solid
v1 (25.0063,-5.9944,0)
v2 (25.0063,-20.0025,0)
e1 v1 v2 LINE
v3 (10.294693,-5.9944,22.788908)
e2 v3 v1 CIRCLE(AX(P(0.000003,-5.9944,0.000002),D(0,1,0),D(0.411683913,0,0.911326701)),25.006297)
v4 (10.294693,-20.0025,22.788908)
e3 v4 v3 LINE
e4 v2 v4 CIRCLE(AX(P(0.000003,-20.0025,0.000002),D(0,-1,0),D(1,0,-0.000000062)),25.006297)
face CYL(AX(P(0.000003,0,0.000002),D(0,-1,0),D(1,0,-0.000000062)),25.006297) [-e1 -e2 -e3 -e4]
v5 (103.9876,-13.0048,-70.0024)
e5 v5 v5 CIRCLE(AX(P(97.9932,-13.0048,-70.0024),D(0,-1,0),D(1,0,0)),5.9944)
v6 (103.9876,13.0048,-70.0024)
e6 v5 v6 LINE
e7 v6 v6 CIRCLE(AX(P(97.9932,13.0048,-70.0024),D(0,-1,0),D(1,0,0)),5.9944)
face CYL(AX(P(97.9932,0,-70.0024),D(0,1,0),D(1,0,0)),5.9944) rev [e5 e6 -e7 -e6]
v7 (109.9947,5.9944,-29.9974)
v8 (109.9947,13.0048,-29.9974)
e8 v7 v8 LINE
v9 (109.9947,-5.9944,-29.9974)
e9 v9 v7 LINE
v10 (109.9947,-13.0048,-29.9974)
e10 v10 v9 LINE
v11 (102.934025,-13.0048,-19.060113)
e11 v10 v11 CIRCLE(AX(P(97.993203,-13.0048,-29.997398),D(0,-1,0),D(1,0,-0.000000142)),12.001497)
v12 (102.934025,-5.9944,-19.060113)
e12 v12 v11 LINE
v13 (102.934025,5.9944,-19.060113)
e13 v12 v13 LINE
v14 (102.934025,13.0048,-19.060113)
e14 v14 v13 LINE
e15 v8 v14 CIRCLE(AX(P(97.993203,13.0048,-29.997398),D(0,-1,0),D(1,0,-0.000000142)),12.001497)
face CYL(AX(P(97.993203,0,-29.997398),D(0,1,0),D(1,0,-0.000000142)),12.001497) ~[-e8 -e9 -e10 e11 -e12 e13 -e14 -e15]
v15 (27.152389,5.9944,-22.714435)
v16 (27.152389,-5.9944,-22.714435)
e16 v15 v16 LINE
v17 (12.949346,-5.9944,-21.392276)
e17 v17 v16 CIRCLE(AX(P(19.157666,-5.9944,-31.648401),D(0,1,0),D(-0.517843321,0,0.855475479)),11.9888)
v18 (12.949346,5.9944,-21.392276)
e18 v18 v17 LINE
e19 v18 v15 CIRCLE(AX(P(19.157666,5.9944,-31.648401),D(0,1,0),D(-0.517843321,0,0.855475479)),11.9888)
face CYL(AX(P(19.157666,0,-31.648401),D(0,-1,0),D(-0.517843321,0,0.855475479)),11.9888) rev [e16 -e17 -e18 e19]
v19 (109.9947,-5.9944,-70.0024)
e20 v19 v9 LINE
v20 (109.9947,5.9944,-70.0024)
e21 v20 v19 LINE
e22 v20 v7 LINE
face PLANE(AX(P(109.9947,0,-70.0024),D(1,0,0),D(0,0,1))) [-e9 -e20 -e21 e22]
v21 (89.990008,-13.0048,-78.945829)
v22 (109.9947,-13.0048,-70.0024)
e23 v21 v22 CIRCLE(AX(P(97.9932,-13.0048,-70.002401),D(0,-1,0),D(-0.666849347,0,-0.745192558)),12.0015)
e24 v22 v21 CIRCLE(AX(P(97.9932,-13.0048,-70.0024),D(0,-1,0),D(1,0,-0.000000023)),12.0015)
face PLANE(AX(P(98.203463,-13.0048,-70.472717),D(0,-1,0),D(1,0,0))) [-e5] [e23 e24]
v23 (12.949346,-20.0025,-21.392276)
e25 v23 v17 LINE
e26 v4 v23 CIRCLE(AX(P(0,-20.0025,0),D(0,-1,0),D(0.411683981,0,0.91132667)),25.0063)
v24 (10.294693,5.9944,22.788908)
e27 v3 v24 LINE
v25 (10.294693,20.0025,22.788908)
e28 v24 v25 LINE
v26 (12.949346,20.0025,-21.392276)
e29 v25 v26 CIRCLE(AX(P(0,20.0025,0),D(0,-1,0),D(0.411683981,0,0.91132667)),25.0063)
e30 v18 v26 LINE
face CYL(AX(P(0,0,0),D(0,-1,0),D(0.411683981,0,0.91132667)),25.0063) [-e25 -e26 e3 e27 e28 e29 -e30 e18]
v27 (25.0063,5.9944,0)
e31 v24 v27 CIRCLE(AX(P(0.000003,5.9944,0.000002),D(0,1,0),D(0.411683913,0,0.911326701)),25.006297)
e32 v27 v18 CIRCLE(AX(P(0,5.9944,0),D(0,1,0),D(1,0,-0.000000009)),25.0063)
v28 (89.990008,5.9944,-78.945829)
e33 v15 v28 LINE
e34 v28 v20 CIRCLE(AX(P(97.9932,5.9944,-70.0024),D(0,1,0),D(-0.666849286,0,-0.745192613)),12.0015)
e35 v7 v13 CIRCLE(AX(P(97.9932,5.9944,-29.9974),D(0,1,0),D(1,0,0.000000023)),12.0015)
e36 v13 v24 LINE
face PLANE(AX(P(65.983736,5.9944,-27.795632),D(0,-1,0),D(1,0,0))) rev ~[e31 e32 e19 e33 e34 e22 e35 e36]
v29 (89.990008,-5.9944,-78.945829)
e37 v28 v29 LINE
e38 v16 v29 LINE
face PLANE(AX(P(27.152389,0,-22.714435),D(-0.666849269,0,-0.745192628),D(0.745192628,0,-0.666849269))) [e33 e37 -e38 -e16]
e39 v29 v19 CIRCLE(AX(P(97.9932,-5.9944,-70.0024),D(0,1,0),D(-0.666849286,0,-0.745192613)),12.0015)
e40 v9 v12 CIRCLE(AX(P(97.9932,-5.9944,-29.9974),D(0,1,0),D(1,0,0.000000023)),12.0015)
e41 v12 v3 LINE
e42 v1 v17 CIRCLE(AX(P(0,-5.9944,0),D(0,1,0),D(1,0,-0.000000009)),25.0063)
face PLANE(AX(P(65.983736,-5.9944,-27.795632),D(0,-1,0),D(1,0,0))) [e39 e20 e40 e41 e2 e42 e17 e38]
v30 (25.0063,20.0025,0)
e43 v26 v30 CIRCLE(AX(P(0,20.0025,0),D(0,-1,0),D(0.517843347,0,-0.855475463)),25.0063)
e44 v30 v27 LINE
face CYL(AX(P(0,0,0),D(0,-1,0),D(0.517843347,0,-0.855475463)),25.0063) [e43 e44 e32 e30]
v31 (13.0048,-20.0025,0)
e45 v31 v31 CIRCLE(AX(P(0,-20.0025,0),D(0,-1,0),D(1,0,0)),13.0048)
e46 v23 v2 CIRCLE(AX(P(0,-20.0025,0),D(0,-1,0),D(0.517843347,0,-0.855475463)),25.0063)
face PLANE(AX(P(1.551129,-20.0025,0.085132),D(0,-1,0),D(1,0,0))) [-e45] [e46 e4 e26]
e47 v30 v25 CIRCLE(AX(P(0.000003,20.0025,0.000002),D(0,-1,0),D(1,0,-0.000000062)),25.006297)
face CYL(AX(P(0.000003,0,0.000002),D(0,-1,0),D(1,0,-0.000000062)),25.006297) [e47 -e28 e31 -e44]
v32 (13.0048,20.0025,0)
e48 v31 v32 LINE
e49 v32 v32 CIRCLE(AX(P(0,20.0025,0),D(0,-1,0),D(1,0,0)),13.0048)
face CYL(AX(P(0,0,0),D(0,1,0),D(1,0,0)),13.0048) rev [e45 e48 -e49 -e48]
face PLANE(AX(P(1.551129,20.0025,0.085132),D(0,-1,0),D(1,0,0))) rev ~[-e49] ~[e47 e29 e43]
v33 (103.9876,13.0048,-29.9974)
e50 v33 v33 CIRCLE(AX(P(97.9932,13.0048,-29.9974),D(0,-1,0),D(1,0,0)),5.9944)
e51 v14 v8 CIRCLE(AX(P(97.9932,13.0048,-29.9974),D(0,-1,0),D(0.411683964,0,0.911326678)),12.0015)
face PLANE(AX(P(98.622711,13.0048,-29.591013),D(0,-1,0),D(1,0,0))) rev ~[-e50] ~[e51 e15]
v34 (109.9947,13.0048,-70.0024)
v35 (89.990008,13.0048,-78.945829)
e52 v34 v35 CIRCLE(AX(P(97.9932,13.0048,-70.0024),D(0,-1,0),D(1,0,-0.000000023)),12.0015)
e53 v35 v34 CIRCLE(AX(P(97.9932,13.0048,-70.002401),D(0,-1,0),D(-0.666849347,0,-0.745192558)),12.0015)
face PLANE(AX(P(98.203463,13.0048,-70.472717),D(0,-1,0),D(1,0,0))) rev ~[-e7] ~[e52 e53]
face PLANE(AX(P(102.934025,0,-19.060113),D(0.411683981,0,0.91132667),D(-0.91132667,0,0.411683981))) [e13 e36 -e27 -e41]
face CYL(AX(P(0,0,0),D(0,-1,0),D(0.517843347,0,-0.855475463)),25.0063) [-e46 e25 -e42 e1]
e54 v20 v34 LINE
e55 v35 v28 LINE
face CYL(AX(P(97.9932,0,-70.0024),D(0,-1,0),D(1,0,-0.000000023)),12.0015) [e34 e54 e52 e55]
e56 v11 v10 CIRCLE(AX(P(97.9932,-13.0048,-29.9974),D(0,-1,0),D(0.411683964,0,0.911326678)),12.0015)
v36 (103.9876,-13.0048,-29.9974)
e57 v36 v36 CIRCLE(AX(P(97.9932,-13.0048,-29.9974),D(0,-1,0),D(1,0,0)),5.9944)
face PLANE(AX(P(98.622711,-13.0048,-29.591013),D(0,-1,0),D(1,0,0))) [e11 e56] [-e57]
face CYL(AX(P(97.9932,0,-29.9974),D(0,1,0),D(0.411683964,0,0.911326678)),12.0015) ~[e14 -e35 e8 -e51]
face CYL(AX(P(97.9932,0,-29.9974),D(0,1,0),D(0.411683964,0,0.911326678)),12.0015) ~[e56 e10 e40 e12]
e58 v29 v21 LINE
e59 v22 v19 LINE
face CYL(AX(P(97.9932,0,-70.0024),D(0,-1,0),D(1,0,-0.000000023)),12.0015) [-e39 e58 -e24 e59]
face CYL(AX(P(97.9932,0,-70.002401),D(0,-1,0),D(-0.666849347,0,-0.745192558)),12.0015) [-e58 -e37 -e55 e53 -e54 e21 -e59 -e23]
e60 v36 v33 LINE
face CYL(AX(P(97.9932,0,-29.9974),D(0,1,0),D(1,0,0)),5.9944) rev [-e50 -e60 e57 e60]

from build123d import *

# Parameters (mm, degrees)
F1_DEPTH = 5.9944
F0_R     = 13.0048
F2_DEPTH = 20.0025
F0_R_2   = 5.9944
F3_DEPTH = 13.0048


with BuildPart() as f1:
    # F0 (on Front) → F1 (new body, symmetric)
    with BuildSketch(Plane.XZ):
        with BuildLine():
            ThreePointArc((10.294693, 22.788908), (21.008894, 13.562501), (25.0063, 0))
            ThreePointArc((25.0063, 0), (21.784516, -12.278025), (12.949346, -21.392276))
            ThreePointArc((12.949346, -21.392276), (20.268898, -19.711211), (27.152389, -22.714435))
            Line((27.152389, -22.714435), (89.990008, -78.945829))
            ThreePointArc((89.990008, -78.945829), (93.09495, -59.045979), (109.9947, -70.0024))
            Line((109.9947, -70.0024), (109.9947, -29.9974))
            ThreePointArc((109.9947, -29.9974), (87.910211, -36.506574), (102.934025, -19.060113))
            Line((102.934025, -19.060113), (10.294693, 22.788908))
        make_face()
    extrude(amount=F1_DEPTH, both=True)

    # F0 (on Front) → F2 (join, symmetric)
    with BuildSketch(Plane.XZ):
        with BuildLine():
            ThreePointArc((12.949346, -21.392276), (21.784516, -12.278025), (25.0063, 0))
            ThreePointArc((25.0063, 0), (21.008894, 13.562501), (10.294693, 22.788908))
            ThreePointArc((10.294693, 22.788908), (-24.961282, -1.499814), (12.949346, -21.392276))
        make_face()
        Circle(F0_R, mode=Mode.SUBTRACT)
    extrude(amount=F2_DEPTH, both=True)

    # F0 (on Front) → F3 (join, symmetric)
    with BuildSketch(Plane.XZ):
        with BuildLine():
            ThreePointArc((109.9947, -29.9974), (108.076189, -23.488226), (102.934025, -19.060113))
            ThreePointArc((102.934025, -19.060113), (87.910211, -36.506574), (109.9947, -29.9974))
        make_face()
        with Locations((97.9932, -29.9974)):
            Circle(F0_R_2, mode=Mode.SUBTRACT)
        with BuildLine():
            ThreePointArc((109.9947, -70.0024), (93.09495, -59.045979), (89.990008, -78.945829))
            ThreePointArc((89.990008, -78.945829), (102.89145, -80.958821), (109.9947, -70.0024))
        make_face()
        with Locations((97.9932, -70.0024)):
            Circle(F0_R_2, mode=Mode.SUBTRACT)
    extrude(amount=F3_DEPTH, both=True)


solid = f1.part
